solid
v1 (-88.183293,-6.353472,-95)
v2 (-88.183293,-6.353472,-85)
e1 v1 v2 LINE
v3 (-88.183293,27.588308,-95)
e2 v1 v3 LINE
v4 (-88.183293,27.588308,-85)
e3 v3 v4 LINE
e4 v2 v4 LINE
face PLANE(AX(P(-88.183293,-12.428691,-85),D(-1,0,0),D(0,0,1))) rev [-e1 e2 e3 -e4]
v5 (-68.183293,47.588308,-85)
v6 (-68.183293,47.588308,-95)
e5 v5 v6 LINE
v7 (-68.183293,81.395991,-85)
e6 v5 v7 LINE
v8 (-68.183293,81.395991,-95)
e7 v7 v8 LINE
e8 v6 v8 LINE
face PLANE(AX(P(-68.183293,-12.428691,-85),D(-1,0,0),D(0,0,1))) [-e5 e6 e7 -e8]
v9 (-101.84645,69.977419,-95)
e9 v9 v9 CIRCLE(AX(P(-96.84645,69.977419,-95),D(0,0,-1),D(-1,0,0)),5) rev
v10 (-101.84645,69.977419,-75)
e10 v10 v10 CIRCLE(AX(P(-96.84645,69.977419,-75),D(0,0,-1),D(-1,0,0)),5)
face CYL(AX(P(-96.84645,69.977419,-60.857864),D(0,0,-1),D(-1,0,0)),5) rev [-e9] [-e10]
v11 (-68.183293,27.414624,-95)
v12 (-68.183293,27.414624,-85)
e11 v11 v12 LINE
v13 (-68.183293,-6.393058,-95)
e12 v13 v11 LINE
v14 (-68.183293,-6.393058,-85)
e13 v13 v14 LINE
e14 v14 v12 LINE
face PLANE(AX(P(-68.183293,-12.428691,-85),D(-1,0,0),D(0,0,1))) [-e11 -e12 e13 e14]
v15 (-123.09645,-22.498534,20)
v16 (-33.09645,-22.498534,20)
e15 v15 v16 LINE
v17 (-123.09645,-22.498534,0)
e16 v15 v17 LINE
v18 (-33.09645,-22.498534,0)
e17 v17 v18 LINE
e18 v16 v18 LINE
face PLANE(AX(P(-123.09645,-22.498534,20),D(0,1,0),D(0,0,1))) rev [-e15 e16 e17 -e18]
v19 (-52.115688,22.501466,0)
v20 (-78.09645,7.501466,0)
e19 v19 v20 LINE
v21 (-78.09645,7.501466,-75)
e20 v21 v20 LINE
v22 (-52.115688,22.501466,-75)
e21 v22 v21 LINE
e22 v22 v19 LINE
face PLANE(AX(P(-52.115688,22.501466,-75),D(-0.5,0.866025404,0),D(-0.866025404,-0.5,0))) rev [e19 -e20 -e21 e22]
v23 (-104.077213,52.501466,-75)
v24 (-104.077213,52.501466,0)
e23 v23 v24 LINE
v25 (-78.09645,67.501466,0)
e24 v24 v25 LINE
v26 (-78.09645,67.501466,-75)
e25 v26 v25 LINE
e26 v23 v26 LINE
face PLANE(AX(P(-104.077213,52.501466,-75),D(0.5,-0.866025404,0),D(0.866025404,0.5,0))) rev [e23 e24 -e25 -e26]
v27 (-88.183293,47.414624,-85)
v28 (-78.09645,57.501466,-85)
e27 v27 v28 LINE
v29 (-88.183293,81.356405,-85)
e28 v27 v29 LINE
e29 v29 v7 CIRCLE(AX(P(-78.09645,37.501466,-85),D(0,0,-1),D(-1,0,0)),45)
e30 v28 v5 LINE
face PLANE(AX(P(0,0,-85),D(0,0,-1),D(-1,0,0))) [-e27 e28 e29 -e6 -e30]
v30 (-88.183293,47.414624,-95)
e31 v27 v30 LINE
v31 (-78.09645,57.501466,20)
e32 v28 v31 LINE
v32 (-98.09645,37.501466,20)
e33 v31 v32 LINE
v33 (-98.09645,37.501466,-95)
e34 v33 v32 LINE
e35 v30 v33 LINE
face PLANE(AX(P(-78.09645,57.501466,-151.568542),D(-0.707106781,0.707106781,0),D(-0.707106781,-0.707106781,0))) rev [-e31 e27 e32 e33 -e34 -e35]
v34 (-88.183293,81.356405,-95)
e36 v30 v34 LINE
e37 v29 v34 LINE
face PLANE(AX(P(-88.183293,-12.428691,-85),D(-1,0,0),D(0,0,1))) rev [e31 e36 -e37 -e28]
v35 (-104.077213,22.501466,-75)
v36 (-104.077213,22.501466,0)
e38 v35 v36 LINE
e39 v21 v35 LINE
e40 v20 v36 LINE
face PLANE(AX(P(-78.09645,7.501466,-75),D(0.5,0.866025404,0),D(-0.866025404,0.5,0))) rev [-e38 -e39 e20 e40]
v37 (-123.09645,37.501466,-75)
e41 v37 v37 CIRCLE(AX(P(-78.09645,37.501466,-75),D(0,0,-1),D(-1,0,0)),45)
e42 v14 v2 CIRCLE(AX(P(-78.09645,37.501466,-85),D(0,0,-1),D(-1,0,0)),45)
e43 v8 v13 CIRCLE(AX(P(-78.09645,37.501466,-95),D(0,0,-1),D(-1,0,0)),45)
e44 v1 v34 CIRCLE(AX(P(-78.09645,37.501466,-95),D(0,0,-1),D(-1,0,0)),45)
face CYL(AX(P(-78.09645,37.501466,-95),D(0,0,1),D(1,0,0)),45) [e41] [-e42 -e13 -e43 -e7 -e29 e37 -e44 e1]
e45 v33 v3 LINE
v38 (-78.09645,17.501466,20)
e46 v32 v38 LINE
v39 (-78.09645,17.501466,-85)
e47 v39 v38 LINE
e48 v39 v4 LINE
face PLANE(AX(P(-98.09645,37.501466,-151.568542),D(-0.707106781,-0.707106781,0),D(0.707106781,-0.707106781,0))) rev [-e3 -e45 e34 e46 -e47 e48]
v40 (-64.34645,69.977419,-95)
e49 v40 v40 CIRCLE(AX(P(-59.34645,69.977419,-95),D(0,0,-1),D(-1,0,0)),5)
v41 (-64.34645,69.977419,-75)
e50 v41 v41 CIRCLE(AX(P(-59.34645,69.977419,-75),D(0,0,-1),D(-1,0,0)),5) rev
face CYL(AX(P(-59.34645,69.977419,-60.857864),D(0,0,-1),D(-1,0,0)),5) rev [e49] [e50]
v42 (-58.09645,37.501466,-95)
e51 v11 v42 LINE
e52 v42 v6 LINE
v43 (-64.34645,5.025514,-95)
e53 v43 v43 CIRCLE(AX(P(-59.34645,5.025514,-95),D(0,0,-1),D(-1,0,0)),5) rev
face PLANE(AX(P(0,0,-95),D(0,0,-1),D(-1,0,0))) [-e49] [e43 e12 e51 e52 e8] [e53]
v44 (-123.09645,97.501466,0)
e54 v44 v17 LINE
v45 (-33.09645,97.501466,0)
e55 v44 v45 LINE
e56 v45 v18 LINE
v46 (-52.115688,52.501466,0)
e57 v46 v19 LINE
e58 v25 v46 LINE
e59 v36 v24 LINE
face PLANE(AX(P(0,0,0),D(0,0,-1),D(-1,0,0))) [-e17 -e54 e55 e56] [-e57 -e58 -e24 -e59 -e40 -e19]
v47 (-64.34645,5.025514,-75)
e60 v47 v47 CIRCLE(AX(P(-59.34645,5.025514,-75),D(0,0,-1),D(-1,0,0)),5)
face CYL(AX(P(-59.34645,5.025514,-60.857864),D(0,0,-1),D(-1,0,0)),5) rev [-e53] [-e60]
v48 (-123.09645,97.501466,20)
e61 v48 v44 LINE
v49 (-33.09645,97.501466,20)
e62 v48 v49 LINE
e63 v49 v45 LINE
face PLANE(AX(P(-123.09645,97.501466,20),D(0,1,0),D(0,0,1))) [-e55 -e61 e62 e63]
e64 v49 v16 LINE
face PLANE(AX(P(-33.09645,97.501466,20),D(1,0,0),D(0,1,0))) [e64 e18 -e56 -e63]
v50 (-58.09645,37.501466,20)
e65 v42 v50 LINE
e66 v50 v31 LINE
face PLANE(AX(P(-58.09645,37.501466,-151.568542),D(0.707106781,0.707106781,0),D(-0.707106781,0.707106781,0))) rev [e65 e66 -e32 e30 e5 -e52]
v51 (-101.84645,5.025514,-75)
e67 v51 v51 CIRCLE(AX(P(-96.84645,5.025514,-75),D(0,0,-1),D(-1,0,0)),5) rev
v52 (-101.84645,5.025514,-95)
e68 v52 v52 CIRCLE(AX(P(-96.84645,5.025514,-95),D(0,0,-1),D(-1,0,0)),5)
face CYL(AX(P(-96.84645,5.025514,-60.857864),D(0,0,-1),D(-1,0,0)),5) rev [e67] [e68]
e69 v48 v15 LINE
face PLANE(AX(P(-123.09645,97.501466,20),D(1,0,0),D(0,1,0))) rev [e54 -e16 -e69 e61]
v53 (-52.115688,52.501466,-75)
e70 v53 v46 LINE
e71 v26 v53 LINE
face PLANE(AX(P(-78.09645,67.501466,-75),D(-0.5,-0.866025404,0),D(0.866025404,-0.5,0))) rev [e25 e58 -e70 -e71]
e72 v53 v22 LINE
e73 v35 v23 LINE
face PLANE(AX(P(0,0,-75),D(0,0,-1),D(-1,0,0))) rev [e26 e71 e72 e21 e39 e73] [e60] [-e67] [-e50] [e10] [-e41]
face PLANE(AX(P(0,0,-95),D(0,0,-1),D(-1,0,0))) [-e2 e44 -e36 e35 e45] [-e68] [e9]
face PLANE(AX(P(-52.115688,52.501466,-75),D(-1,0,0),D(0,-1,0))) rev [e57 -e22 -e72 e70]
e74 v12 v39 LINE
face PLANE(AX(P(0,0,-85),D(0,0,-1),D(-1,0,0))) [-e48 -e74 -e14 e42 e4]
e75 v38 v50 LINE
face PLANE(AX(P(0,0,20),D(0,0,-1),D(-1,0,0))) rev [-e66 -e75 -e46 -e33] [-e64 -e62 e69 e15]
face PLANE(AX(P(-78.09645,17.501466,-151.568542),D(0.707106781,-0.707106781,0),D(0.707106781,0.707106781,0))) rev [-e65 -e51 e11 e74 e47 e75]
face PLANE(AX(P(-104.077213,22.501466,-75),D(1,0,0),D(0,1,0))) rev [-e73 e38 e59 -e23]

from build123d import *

# Parameters (mm, degrees)
SKETCH2_W           = 90
SKETCH2_H           = 120
BOSS_EXTRUDE4_DEPTH = 20
BOSS_EXTRUDE5_DEPTH = 75
SKETCH20_R          = 45
BOSS_EXTRUDE6_DEPTH = 20
SKETCH21_W          = 20
SKETCH21_H          = 100
BOSS_EXTRUDE8_DEPTH = 10
SKETCH26_R          = 5
CUT_EXTRUDE2_DEPTH  = 20
CUT_EXTRUDE3_DEPTH  = 115


with BuildPart() as part:
    # Sketch2 → Boss-Extrude4 (new body)
    with BuildSketch(Plane.XY):
        with Locations((-78.096450442, 37.501466256)):
            Rectangle(SKETCH2_W, SKETCH2_H)
    extrude(amount=BOSS_EXTRUDE4_DEPTH)

    # Sketch19 → Boss-Extrude5 (add)
    with BuildSketch(Plane(origin=(0, 0, 0), x_dir=(-1, 0, 0), z_dir=(0, 0, -1))):
        Polygon((78.096450442, 67.501466256), (52.115688328, 52.501466256), (52.115688328, 22.501466256), (78.096450442, 7.501466256), (104.077212555, 22.501466256), (104.077212555, 52.501466256), align=None)
    extrude(amount=BOSS_EXTRUDE5_DEPTH)

    # Sketch20 → Boss-Extrude6 (add)
    with BuildSketch(Plane(origin=(0, 0, -75), x_dir=(-1, 0, 0), z_dir=(0, 0, -1))):
        with Locations((78.096450442, 37.501466256)):
            Circle(SKETCH20_R)
    extrude(amount=BOSS_EXTRUDE6_DEPTH)


with BuildPart() as body_2:
    # Sketch21 → Boss-Extrude8 (new body)
    with BuildSketch(Plane(origin=(0, 0, -95), x_dir=(-1, 0, 0), z_dir=(0, 0, -1))):
        with Locations((78.183292606, 37.571308656)):
            Rectangle(SKETCH21_W, SKETCH21_H)
    extrude(amount=-BOSS_EXTRUDE8_DEPTH)


with BuildPart() as part_1:
    add(part.part)

    # Combine1: cut body 2
    add(body_2.part, mode=Mode.SUBTRACT)

    # Sketch26 → Cut-Extrude2 (cut)
    with BuildSketch(Plane(origin=(0, 0, -95), x_dir=(-1, 0, 0), z_dir=(0, 0, -1))):
        with Locations((59.346450442, 69.977418898)):
            Circle(SKETCH26_R)
        with Locations((96.846450442, 69.977418898)):
            Circle(SKETCH26_R)
        with Locations((59.346450442, 5.025513614)):
            Circle(SKETCH26_R)
        with Locations((96.846450442, 5.025513614)):
            Circle(SKETCH26_R)
    extrude(amount=-CUT_EXTRUDE2_DEPTH, mode=Mode.SUBTRACT)

    # Sketch28 → Cut-Extrude3 (cut)
    with BuildSketch(Plane.XY.offset(20)):
        Polygon((-58.096450442, 37.501466256), (-78.096450442, 57.501466256), (-98.096450442, 37.501466256), (-78.096450442, 17.501466256), align=None)
    extrude(amount=-CUT_EXTRUDE3_DEPTH, mode=Mode.SUBTRACT)


solid = part_1.part
